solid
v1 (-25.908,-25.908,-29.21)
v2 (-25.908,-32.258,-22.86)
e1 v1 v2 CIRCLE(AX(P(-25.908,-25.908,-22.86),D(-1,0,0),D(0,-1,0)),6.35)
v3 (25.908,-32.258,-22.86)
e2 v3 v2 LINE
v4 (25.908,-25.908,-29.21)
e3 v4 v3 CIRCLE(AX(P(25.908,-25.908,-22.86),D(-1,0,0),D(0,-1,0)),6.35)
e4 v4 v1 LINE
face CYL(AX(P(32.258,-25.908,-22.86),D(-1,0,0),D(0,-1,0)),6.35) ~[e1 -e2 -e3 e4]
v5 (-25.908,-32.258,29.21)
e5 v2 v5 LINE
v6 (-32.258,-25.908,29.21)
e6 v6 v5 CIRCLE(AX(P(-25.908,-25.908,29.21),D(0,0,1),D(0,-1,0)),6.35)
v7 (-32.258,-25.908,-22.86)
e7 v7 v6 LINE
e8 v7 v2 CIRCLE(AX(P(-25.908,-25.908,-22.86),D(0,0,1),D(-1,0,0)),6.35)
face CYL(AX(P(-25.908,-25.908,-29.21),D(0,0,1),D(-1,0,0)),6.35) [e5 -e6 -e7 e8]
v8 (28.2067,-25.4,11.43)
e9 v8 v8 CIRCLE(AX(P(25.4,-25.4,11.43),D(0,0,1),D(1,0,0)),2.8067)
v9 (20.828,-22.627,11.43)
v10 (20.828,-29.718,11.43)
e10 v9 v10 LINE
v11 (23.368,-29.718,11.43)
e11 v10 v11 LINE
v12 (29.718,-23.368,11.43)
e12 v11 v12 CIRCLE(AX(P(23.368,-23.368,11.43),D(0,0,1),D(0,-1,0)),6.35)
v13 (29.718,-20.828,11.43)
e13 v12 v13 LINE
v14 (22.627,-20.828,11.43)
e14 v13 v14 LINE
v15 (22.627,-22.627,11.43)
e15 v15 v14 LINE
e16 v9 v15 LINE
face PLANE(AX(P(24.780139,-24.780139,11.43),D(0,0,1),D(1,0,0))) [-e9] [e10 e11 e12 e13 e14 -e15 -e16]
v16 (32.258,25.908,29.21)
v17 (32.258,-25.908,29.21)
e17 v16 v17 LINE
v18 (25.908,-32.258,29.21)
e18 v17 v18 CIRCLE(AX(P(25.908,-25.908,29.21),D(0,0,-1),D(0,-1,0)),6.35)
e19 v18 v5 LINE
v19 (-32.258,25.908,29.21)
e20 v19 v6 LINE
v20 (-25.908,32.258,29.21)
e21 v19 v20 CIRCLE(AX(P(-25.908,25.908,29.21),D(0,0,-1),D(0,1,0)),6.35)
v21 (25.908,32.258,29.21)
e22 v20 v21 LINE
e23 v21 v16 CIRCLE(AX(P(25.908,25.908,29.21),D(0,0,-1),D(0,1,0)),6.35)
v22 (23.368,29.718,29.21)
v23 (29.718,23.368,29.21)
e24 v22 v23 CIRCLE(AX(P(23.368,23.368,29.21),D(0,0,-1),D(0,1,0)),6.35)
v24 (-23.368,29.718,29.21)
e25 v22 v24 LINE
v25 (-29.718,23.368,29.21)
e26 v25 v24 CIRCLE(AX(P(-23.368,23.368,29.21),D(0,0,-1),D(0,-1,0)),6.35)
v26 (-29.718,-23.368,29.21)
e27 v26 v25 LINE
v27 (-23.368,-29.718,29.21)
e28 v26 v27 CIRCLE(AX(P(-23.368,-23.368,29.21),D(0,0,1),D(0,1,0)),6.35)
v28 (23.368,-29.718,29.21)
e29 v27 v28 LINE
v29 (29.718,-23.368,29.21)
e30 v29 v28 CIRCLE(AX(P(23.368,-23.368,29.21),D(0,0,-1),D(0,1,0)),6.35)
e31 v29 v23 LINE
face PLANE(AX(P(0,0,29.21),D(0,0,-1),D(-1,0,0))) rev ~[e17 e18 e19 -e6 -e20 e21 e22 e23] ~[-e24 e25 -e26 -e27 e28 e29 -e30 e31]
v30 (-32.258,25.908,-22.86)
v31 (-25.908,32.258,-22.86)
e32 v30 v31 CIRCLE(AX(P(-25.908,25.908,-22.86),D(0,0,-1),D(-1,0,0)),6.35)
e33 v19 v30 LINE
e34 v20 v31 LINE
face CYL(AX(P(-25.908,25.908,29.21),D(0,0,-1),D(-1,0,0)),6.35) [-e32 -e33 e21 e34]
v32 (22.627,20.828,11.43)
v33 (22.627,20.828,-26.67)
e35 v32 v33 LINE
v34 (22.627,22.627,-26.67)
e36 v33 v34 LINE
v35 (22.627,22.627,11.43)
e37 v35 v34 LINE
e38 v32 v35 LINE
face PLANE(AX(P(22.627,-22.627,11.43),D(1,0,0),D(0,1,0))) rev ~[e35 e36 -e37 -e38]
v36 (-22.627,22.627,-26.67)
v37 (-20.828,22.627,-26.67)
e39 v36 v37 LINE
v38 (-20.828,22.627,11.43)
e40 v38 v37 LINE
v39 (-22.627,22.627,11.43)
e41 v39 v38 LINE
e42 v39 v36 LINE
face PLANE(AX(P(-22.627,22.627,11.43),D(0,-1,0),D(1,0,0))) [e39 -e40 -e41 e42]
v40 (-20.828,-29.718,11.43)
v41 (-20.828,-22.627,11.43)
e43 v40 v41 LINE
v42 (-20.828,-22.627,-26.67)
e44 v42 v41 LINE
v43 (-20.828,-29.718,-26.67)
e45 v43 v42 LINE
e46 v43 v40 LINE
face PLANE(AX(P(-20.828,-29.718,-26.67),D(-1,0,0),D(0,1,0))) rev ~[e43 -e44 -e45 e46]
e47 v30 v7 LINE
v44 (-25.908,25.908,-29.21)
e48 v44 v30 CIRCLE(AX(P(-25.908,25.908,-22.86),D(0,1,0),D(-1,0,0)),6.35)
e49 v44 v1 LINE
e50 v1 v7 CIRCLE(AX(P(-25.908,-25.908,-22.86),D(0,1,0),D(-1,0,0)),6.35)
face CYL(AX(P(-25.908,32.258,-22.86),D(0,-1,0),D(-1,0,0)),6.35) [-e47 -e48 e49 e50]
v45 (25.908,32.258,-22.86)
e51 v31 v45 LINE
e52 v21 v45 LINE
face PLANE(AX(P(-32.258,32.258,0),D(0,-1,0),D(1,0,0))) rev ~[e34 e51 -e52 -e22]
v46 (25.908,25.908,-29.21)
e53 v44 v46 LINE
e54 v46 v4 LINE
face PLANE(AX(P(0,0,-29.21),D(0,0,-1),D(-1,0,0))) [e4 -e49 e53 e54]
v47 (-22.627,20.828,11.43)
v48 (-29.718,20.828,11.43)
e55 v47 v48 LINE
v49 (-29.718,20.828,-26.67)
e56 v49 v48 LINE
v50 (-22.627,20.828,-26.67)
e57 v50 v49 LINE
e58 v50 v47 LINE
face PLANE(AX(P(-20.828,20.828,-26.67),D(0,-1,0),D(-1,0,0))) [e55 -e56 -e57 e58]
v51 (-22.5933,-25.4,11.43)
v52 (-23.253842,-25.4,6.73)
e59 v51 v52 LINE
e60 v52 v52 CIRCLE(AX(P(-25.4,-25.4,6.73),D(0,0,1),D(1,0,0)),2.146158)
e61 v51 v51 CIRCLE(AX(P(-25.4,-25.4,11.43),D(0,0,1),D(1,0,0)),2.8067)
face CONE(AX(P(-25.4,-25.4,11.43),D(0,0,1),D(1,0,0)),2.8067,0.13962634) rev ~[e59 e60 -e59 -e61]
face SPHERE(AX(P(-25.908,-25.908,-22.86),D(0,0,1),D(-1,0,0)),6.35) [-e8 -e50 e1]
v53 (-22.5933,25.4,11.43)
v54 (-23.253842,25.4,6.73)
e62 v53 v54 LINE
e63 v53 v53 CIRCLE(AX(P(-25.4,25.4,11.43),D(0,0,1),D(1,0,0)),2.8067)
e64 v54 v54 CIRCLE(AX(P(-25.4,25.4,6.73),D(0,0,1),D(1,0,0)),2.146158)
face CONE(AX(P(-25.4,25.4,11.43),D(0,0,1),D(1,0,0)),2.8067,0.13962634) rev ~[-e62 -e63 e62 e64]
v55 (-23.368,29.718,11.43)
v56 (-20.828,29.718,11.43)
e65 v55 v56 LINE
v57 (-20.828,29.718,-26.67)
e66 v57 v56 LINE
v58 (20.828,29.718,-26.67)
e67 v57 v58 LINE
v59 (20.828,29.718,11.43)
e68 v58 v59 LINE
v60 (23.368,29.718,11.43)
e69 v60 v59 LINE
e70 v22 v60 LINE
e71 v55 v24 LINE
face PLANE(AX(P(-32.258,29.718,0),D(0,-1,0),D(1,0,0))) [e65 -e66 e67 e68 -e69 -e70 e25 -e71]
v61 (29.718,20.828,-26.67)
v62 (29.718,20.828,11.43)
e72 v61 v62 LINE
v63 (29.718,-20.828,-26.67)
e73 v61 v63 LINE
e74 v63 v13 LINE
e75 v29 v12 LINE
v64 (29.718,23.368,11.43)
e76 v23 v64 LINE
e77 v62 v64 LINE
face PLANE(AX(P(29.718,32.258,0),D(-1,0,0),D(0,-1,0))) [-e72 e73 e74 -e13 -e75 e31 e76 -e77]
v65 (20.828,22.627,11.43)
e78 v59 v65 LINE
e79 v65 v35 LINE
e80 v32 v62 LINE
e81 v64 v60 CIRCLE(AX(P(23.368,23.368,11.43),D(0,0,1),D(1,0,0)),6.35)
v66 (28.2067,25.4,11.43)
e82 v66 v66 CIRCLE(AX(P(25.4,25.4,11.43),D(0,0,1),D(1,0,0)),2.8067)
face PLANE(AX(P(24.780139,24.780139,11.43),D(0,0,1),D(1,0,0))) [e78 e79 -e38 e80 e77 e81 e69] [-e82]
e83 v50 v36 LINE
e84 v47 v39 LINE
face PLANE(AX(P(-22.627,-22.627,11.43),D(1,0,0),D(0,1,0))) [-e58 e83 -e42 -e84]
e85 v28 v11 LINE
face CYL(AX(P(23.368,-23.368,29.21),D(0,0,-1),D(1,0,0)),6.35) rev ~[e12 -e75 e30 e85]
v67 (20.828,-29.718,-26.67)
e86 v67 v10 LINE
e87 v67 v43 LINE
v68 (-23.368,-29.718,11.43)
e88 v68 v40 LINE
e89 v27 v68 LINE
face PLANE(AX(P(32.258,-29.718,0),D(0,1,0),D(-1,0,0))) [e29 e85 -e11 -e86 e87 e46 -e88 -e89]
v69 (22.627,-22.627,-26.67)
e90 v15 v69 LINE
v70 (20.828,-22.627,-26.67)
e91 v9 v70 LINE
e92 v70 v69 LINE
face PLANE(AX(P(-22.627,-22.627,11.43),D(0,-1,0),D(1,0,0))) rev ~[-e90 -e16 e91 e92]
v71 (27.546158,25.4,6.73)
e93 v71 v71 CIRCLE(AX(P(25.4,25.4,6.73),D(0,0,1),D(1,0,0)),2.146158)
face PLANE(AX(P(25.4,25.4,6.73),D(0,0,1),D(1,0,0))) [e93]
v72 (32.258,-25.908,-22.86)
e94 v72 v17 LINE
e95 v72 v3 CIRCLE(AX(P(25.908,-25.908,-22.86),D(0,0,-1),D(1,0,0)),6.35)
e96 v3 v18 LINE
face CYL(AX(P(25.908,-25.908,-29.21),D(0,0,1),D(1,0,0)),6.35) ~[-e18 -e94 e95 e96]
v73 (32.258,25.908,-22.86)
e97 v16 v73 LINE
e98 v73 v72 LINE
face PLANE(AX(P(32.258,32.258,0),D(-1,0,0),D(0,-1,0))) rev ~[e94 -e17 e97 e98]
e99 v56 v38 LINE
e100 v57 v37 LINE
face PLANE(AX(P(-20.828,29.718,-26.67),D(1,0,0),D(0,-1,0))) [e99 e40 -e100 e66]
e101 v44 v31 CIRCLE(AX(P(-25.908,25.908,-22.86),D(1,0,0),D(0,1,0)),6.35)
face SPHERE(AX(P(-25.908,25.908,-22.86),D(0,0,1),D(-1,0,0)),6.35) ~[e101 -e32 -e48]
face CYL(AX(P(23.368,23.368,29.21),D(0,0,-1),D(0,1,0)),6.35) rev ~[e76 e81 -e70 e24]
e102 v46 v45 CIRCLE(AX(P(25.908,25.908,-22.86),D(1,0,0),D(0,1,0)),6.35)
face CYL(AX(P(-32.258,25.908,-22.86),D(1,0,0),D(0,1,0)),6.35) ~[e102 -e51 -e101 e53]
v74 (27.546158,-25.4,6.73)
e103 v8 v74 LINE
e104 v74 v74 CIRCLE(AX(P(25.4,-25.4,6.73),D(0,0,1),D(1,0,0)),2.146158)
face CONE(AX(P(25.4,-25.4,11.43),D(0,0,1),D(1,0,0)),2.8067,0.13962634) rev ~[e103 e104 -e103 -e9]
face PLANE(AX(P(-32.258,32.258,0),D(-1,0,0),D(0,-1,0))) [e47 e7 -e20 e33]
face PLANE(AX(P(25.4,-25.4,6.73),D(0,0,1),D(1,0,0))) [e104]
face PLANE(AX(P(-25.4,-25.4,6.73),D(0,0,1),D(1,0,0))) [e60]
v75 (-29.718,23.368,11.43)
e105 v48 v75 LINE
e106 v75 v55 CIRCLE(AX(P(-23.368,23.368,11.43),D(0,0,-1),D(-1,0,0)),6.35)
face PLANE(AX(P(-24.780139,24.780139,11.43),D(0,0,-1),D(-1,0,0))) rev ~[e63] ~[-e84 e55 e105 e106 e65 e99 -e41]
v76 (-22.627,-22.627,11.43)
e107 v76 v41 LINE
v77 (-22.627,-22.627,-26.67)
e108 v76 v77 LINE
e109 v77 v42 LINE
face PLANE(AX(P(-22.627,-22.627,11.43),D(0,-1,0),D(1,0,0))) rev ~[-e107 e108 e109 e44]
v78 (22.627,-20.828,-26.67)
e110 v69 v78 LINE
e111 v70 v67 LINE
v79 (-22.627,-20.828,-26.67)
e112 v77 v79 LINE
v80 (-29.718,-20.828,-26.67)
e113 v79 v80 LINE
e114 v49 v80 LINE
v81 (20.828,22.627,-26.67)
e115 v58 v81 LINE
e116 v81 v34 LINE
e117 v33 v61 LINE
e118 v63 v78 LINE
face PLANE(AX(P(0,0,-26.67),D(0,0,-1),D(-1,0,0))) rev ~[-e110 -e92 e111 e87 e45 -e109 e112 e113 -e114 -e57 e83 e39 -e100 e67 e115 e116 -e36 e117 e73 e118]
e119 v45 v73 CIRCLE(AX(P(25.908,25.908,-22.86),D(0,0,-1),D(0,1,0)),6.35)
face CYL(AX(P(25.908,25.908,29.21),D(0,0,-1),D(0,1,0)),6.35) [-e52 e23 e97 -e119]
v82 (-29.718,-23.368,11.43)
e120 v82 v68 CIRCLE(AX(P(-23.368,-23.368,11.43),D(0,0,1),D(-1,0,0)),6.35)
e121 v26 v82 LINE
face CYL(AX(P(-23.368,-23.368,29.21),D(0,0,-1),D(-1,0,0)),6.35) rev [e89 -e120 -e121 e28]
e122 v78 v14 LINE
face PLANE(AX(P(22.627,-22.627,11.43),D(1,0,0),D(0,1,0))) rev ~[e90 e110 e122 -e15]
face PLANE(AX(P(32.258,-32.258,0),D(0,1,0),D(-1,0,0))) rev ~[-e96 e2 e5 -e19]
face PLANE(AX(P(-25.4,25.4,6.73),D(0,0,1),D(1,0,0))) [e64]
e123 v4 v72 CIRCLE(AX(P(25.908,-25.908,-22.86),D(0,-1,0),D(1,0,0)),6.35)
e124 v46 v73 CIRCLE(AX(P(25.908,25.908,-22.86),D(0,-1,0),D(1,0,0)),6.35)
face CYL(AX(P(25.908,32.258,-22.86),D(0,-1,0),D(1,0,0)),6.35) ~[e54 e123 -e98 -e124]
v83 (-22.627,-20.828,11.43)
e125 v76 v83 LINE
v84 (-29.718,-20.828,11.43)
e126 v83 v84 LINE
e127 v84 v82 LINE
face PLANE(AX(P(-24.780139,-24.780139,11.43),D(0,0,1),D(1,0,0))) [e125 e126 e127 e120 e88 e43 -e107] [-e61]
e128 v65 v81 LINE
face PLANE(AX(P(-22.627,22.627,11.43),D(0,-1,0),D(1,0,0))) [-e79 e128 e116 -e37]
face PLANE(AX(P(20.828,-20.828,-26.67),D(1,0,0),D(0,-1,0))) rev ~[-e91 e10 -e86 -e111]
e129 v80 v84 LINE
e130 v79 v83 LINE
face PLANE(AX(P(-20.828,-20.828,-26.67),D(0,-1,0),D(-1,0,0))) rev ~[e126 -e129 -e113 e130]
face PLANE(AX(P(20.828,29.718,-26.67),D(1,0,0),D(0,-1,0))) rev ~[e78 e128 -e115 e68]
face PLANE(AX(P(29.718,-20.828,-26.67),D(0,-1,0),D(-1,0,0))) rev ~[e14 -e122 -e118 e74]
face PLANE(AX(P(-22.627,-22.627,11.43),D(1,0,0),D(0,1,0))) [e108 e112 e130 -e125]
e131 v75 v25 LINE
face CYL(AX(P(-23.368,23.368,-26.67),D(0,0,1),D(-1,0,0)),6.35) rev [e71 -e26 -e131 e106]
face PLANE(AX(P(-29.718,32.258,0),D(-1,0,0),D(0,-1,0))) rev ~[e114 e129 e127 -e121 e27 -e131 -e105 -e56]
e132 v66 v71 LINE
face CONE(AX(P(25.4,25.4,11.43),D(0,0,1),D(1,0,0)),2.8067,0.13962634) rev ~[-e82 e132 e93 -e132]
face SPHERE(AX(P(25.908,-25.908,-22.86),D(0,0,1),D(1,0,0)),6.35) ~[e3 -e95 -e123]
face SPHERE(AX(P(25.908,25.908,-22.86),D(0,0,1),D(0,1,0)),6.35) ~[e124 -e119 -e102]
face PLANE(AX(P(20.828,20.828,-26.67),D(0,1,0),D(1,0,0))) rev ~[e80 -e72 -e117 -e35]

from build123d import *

# Parameters (mm, degrees)
BOSS_EXTRUDE1_DEPTH          = 29.21
SHELL1_T                     = -2.54
FILLET1_R                    = 6.35
BOSS_EXTRUDE2_DEPTH          = 38.1
SKETCH3_R                    = 2.8067
CUT_EXTRUDE1_DEPTH           = 4.7
CUT_EXTRUDE1_DRAFT           = -8
CUT_EXTRUDE1_PROFILE_2_DEPTH = 4.7
CUT_EXTRUDE1_PROFILE_2_DRAFT = -8
CUT_EXTRUDE1_PROFILE_3_DEPTH = 4.7
CUT_EXTRUDE1_PROFILE_3_DRAFT = -8
CUT_EXTRUDE1_PROFILE_4_DEPTH = 4.7
CUT_EXTRUDE1_PROFILE_4_DRAFT = -8
SKETCH5_W                    = 45.253999916
SKETCH5_H                    = 45.253999916
CUT_EXTRUDE5_DEPTH           = 38.1


with BuildPart() as part:
    # Sketch1 → Boss-Extrude1 (new, symmetric)
    with BuildSketch(Plane.XY):
        Polygon((-32.258, -32.258), (-32.258, -11.938), (-32.258, 11.938), (-32.258, 32.258), (32.258, 32.258), (32.258, -32.258), align=None)
    extrude(amount=BOSS_EXTRUDE1_DEPTH, both=True)

    # Shell1
    shell1_openings = [part.faces().sort_by_distance(p)[0] for p in [
        (0, 0, 29.21),
    ]]
    offset(amount=SHELL1_T, openings=shell1_openings, kind=Kind.INTERSECTION)

    # Fillet1
    fillet1_edges = [part.edges().sort_by_distance(p)[0] for p in [
        (-32.258, -32.258, 0),
        (-32.258, 32.258, 0),
        (32.258, 32.258, 0),
        (32.258, -32.258, 0),
        (-29.718, -29.718, 1.27),
        (29.718, -29.718, 1.27),
        (29.718, 29.718, 1.27),
        (-29.718, 29.718, 1.27),
        (-32.258, 0, -29.21),
        (0, 32.258, -29.21),
        (32.258, 0, -29.21),
        (0, -32.258, -29.21),
    ]]
    fillet(fillet1_edges, radius=FILLET1_R)

    # Sketch2 → Boss-Extrude2 (add)
    with BuildSketch(Plane.XY.offset(-26.67)):
        with BuildLine():
            Line((-20.828, -20.828), (-29.718, -20.828))
            Line((-29.718, -20.828), (-29.718, -23.368))
            ThreePointArc((-29.718, -23.368), (-27.858128061, -27.858128061), (-23.368, -29.718))
            Line((-23.368, -29.718), (-20.828, -29.718))
            Line((-20.828, -29.718), (-20.828, -20.828))
        make_face()
        with BuildLine():
            ThreePointArc((-29.718, 23.368), (-27.858128061, 27.858128061), (-23.368, 29.718))
            Line((-23.368, 29.718), (-20.828, 29.718))
            Line((-20.828, 29.718), (-20.828, 20.828))
            Line((-20.828, 20.828), (-29.718, 20.828))
            Line((-29.718, 20.828), (-29.718, 23.368))
        make_face()
        with BuildLine():
            ThreePointArc((29.718, 23.368), (27.858128061, 27.858128061), (23.368, 29.718))
            Line((23.368, 29.718), (20.828, 29.718))
            Line((20.828, 29.718), (20.828, 20.828))
            Line((20.828, 20.828), (29.718, 20.828))
            Line((29.718, 20.828), (29.718, 23.368))
        make_face()
        with BuildLine():
            ThreePointArc((23.368, -29.718), (27.858128061, -27.858128061), (29.718, -23.368))
            Line((29.718, -23.368), (29.718, -20.828))
            Line((29.718, -20.828), (20.828, -20.828))
            Line((20.828, -20.828), (20.828, -29.718))
            Line((20.828, -29.718), (23.368, -29.718))
        make_face()
    extrude(amount=BOSS_EXTRUDE2_DEPTH)


with BuildPart() as cut_extrude1_tool:
    # Sketch3 → Cut-Extrude1 (with draft: the straight prism first)
    with BuildSketch(Plane.XY.offset(11.43)):
        with Locations((-25.4, -25.4)):
            Circle(SKETCH3_R)
    extrude(amount=-CUT_EXTRUDE1_DEPTH)
    # Cut-Extrude1: the draft: its side faces are tilted about the plane it starts from
    cut_extrude1_sides = [cut_extrude1_tool.faces().sort_by_distance(p)[0] for p in [
        (-28.2067, -25.4, 9.08),
    ]]
    draft(cut_extrude1_sides, Plane.XY.offset(11.43), CUT_EXTRUDE1_DRAFT)


with BuildPart() as part_1:
    add(part.part)

    # Cut-Extrude1: cut by cut_extrude1_tool
    add(cut_extrude1_tool.part, mode=Mode.SUBTRACT)


with BuildPart() as cut_extrude1_profile_2_tool:
    # Sketch3 → Cut-Extrude1 profile 2 (with draft: the straight prism first)
    with BuildSketch(Plane.XY.offset(11.43)):
        with Locations((-25.4, 25.4)):
            Circle(SKETCH3_R)
    extrude(amount=-CUT_EXTRUDE1_PROFILE_2_DEPTH)
    # Cut-Extrude1 profile 2: the draft: its side faces are tilted about the plane it starts from
    cut_extrude1_profile_2_sides = [cut_extrude1_profile_2_tool.faces().sort_by_distance(p)[0] for p in [
        (-28.2067, 25.4, 9.08),
    ]]
    draft(cut_extrude1_profile_2_sides, Plane.XY.offset(11.43), CUT_EXTRUDE1_PROFILE_2_DRAFT)


with BuildPart() as part_2:
    add(part_1.part)

    # Cut-Extrude1 profile 2: cut by cut_extrude1_profile_2_tool
    add(cut_extrude1_profile_2_tool.part, mode=Mode.SUBTRACT)


with BuildPart() as cut_extrude1_profile_3_tool:
    # Sketch3 → Cut-Extrude1 profile 3 (with draft: the straight prism first)
    with BuildSketch(Plane.XY.offset(11.43)):
        with Locations((25.4, 25.4)):
            Circle(SKETCH3_R)
    extrude(amount=-CUT_EXTRUDE1_PROFILE_3_DEPTH)
    # Cut-Extrude1 profile 3: the draft: its side faces are tilted about the plane it starts from
    cut_extrude1_profile_3_sides = [cut_extrude1_profile_3_tool.faces().sort_by_distance(p)[0] for p in [
        (22.5933, 25.4, 9.08),
    ]]
    draft(cut_extrude1_profile_3_sides, Plane.XY.offset(11.43), CUT_EXTRUDE1_PROFILE_3_DRAFT)


with BuildPart() as part_3:
    add(part_2.part)

    # Cut-Extrude1 profile 3: cut by cut_extrude1_profile_3_tool
    add(cut_extrude1_profile_3_tool.part, mode=Mode.SUBTRACT)


with BuildPart() as cut_extrude1_profile_4_tool:
    # Sketch3 → Cut-Extrude1 profile 4 (with draft: the straight prism first)
    with BuildSketch(Plane.XY.offset(11.43)):
        with Locations((25.4, -25.4)):
            Circle(SKETCH3_R)
    extrude(amount=-CUT_EXTRUDE1_PROFILE_4_DEPTH)
    # Cut-Extrude1 profile 4: the draft: its side faces are tilted about the plane it starts from
    cut_extrude1_profile_4_sides = [cut_extrude1_profile_4_tool.faces().sort_by_distance(p)[0] for p in [
        (22.5933, -25.4, 9.08),
    ]]
    draft(cut_extrude1_profile_4_sides, Plane.XY.offset(11.43), CUT_EXTRUDE1_PROFILE_4_DRAFT)


with BuildPart() as part_4:
    add(part_3.part)

    # Cut-Extrude1 profile 4: cut by cut_extrude1_profile_4_tool
    add(cut_extrude1_profile_4_tool.part, mode=Mode.SUBTRACT)

    # Sketch5 → Cut-Extrude5 (cut)
    with BuildSketch(Plane.XY.offset(11.43)):
        Rectangle(SKETCH5_W, SKETCH5_H)
    extrude(amount=-CUT_EXTRUDE5_DEPTH, mode=Mode.SUBTRACT)


solid = part_4.part
